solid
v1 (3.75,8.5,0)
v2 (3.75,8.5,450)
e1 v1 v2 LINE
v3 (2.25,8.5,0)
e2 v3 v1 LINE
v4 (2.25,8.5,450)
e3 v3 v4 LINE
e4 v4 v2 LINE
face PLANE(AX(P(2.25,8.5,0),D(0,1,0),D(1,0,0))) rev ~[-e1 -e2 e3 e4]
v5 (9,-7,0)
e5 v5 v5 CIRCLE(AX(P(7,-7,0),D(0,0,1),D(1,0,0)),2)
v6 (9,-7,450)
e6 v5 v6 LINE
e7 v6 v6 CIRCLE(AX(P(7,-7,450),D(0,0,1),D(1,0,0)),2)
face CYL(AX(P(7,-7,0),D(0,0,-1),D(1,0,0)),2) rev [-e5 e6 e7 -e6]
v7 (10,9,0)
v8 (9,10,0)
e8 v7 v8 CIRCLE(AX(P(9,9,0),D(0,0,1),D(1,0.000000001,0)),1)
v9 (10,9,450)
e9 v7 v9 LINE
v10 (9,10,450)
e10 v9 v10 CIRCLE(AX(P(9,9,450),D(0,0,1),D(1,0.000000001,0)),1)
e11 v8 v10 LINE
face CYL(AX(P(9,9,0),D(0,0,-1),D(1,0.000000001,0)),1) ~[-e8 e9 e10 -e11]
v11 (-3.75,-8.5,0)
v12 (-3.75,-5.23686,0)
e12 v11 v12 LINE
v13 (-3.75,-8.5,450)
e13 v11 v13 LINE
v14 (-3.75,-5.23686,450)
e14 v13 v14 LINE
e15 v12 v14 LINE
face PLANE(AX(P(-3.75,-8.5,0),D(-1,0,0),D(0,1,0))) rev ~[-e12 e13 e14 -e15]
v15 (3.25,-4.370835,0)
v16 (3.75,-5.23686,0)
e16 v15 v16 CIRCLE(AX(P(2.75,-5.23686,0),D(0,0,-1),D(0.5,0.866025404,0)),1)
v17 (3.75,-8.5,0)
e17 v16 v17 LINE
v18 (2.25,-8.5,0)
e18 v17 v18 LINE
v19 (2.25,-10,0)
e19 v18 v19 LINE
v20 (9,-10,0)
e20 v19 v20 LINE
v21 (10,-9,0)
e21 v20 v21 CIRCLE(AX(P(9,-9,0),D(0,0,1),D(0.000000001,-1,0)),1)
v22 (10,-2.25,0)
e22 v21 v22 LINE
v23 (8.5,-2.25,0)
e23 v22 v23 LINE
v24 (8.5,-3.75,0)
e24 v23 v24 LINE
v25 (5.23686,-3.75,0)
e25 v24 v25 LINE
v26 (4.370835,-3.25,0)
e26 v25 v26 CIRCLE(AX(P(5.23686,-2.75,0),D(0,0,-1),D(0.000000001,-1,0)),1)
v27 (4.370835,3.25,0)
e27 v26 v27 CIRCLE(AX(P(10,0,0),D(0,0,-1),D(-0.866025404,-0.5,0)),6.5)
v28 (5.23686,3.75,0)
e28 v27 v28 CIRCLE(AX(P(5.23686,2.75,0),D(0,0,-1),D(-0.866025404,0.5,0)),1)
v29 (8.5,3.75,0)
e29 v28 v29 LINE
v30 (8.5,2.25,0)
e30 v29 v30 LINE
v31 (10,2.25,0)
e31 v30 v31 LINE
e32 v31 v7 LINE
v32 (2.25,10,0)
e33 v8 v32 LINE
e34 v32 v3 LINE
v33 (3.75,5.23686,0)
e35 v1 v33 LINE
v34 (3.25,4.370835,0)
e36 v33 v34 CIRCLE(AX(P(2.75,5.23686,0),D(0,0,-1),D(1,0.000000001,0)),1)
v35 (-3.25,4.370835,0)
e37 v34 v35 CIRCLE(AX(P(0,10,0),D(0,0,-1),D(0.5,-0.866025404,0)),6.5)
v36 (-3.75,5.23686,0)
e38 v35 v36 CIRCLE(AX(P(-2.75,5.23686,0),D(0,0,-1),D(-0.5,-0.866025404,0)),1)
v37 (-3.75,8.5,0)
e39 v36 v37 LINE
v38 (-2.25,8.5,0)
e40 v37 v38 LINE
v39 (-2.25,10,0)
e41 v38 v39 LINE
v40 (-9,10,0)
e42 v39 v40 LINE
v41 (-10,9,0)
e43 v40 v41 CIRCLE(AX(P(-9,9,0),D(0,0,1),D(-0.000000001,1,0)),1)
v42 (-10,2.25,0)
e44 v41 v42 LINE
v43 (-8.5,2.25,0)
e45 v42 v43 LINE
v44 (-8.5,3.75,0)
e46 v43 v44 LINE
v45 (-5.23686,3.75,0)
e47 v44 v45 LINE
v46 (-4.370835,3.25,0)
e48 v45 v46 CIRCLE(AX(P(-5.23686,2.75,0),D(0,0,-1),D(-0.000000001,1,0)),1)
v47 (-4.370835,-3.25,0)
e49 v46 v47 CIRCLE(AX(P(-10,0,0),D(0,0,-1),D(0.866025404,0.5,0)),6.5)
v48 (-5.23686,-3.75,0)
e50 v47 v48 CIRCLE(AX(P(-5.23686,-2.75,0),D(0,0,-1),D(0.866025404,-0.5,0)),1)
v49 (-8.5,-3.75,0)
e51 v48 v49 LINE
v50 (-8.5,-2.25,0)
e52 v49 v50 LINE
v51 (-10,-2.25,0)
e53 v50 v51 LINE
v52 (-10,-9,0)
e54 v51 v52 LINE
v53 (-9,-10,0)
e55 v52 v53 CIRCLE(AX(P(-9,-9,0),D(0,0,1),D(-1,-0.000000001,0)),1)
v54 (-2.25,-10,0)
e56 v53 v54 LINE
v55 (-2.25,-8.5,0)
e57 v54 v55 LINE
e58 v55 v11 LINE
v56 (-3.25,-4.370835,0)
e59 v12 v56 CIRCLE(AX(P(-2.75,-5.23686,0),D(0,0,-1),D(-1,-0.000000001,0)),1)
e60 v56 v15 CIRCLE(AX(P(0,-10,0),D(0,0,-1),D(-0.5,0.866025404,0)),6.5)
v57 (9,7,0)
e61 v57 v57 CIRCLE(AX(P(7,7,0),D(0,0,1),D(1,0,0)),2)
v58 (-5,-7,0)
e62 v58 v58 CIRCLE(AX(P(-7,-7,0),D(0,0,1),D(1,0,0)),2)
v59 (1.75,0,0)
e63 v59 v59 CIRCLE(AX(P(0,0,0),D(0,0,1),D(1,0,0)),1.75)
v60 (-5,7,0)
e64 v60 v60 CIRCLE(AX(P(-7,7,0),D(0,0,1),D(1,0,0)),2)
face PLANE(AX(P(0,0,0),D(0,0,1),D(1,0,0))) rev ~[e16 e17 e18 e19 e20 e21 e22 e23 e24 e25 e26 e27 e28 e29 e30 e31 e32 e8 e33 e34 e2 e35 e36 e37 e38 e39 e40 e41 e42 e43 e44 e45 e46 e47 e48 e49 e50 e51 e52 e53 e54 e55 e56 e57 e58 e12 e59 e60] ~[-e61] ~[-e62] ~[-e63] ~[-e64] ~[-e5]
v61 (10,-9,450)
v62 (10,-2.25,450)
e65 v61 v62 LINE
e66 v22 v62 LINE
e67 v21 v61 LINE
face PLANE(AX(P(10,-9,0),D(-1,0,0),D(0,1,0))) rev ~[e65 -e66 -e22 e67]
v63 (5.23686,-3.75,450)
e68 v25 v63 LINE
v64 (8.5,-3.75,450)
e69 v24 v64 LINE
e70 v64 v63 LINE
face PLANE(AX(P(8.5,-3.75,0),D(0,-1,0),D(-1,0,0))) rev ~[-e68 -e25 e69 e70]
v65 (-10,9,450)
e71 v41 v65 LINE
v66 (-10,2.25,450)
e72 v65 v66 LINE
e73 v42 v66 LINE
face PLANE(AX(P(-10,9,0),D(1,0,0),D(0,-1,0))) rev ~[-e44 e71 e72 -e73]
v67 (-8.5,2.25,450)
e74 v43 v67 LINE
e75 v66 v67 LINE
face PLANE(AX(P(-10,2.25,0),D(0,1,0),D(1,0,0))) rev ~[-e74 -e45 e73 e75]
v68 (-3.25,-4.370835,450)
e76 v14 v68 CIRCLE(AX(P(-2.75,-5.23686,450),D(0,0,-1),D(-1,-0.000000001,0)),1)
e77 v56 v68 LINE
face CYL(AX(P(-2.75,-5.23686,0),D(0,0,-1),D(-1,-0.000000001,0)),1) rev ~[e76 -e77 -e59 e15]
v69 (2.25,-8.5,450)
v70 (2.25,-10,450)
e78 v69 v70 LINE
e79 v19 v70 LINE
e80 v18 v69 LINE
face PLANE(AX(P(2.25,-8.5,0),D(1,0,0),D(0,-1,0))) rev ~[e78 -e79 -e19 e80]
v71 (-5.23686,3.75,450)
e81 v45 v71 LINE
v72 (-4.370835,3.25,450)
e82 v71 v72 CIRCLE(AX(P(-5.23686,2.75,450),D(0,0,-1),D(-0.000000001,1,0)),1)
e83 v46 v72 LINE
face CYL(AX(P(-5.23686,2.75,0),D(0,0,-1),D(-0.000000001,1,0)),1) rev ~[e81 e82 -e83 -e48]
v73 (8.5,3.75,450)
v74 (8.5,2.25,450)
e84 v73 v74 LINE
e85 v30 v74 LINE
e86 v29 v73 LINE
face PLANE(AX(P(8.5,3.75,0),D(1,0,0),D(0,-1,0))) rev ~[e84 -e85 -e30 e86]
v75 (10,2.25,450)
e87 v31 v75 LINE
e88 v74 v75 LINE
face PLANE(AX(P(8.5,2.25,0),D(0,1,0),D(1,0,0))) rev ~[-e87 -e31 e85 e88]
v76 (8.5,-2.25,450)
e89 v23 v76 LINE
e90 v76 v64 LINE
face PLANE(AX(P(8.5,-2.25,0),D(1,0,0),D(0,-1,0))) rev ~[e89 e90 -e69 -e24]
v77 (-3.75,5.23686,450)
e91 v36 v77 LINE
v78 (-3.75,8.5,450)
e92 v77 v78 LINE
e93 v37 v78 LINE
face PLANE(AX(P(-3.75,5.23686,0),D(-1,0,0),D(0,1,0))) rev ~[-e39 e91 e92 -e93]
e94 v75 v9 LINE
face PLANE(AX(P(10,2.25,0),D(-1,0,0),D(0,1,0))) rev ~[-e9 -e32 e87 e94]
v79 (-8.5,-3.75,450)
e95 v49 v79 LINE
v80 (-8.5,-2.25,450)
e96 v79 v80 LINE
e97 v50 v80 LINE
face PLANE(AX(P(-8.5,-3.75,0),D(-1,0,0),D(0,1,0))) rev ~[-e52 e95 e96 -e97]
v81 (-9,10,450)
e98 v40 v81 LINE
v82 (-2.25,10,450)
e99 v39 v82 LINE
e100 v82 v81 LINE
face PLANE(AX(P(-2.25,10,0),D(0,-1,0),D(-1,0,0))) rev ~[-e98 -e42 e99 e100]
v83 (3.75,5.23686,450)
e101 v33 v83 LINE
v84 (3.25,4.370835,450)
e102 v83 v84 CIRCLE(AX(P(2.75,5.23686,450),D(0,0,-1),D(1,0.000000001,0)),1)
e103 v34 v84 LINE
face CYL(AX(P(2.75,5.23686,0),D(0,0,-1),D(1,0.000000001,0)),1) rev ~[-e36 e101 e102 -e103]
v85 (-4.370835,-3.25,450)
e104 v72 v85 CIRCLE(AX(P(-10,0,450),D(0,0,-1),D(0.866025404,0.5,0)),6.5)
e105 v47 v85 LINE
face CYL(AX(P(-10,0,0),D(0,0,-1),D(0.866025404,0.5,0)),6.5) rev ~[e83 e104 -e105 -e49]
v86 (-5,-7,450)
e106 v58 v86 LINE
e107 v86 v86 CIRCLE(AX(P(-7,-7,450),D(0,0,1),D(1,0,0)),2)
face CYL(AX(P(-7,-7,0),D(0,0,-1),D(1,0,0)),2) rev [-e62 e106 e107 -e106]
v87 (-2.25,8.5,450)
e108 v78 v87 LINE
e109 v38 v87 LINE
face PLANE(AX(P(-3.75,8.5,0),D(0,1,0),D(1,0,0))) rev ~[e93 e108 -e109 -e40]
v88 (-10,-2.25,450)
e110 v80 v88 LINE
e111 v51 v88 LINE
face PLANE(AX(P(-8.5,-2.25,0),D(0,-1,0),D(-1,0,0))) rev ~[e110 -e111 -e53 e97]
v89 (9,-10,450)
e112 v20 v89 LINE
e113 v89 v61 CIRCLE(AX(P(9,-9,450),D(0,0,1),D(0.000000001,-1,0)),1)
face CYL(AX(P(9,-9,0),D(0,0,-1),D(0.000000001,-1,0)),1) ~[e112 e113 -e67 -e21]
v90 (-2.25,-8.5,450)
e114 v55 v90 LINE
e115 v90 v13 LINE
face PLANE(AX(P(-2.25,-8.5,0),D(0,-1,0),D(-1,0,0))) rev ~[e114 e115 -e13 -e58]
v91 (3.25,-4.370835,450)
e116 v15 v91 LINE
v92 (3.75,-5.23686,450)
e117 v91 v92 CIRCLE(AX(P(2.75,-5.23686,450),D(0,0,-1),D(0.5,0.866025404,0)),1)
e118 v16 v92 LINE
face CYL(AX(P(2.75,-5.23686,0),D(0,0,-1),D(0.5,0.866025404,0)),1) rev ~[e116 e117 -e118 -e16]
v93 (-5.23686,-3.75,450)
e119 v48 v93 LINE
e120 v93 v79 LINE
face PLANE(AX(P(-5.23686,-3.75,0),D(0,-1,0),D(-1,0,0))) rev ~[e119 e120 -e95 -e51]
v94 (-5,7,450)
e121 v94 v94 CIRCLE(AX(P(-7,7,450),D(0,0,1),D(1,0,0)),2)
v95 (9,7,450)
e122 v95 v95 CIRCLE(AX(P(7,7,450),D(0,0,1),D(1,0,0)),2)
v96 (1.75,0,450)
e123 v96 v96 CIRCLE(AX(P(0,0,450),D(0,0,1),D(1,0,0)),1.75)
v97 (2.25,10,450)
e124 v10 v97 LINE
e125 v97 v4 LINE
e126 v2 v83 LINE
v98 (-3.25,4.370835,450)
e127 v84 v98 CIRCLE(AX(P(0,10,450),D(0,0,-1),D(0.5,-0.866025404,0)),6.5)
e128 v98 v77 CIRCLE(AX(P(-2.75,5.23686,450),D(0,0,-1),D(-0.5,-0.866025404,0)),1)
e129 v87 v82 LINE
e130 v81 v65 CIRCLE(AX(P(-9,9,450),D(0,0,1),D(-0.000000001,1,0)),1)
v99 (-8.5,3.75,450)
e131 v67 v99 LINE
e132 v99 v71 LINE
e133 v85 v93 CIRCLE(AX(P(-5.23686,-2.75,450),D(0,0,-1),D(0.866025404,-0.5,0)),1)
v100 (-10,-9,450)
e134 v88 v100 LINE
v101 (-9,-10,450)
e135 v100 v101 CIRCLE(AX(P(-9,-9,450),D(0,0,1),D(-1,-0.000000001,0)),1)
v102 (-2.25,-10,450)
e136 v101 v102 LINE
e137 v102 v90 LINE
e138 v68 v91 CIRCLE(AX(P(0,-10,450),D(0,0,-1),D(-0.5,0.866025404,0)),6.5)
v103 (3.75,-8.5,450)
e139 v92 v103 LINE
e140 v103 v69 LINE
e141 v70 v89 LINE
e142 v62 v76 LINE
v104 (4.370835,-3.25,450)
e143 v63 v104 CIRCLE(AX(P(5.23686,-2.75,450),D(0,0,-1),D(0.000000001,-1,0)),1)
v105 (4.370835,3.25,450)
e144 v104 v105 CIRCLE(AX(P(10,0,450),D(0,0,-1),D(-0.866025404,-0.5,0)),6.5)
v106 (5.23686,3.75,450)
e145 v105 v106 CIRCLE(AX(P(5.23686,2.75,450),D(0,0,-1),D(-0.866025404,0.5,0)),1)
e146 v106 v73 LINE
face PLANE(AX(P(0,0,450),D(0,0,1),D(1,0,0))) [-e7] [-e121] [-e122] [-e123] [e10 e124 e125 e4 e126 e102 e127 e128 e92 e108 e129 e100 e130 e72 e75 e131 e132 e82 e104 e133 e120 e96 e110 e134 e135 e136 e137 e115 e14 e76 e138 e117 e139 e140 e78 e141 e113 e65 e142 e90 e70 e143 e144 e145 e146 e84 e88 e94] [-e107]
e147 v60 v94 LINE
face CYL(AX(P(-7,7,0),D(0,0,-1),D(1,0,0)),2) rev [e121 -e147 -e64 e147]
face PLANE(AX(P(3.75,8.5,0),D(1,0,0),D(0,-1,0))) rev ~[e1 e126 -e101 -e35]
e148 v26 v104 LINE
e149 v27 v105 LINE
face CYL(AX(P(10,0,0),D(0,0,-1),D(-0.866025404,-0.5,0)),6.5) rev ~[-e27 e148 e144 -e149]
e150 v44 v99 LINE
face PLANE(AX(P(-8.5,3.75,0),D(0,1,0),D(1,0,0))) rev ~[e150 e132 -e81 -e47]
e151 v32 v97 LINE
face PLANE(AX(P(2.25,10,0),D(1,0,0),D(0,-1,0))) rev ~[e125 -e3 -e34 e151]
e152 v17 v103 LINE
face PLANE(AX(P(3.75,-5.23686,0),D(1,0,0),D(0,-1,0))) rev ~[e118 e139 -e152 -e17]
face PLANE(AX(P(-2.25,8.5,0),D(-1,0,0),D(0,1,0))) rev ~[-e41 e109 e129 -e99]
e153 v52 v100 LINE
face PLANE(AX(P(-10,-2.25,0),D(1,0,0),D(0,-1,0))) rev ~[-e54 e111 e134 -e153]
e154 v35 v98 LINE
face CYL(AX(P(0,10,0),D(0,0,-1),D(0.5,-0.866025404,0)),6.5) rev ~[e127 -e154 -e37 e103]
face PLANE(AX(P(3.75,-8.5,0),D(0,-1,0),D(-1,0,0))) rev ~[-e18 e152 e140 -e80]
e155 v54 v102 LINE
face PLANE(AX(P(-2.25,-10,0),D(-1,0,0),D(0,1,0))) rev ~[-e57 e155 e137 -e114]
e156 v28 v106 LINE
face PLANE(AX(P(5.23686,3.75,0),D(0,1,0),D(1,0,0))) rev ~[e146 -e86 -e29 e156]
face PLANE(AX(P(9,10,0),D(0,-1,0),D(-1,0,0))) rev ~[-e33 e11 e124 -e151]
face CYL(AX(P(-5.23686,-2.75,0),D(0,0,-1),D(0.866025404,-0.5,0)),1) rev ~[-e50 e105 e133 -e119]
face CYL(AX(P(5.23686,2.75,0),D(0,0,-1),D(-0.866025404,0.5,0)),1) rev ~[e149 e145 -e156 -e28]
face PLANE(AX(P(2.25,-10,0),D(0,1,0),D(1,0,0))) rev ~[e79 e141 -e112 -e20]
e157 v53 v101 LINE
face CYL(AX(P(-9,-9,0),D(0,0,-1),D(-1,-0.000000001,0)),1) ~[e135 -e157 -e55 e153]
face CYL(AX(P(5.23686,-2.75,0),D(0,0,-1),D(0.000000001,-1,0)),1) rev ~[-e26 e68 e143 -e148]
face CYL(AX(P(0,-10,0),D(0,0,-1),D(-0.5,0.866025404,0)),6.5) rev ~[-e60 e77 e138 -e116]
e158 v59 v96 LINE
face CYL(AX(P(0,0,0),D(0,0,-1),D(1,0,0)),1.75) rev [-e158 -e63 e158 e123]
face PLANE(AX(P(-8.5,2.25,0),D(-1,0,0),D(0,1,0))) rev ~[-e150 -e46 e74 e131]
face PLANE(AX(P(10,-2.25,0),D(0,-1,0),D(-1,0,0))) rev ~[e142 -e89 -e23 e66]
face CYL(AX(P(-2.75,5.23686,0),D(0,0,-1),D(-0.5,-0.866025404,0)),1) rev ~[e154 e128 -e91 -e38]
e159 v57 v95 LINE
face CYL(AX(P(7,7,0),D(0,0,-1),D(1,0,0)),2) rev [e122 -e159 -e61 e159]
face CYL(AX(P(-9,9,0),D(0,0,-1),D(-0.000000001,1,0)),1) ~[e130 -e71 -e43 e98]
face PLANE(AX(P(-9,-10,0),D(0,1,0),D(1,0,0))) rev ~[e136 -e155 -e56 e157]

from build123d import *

# Parameters (mm, degrees)
SKETCH1_R           = 2
SKETCH1_R_2         = 1.75
BOSS_EXTRUDE1_DEPTH = 450


with BuildPart() as part:
    # Sketch1 → Boss-Extrude1 (new body)
    with BuildSketch(Plane.XY):
        with BuildLine():
            Line((-10, 9), (-10, 2.25))
            Line((-10, 2.25), (-8.5, 2.25))
            Line((-8.5, 2.25), (-8.5, 3.75))
            Line((-8.5, 3.75), (-5.236860279, 3.75))
            ThreePointArc((-5.236860279, 3.75), (-4.736860279, 3.616025404), (-4.370834875, 3.25))
            ThreePointArc((-4.370834875, 3.25), (-3.5, 0), (-4.370834875, -3.25))
            ThreePointArc((-4.370834875, -3.25), (-4.736860279, -3.616025404), (-5.236860279, -3.75))
            Line((-5.236860279, -3.75), (-8.5, -3.75))
            Line((-8.5, -3.75), (-8.5, -2.25))
            Line((-8.5, -2.25), (-10, -2.25))
            Line((-10, -2.25), (-10, -9))
            ThreePointArc((-10, -9), (-9.707106781, -9.707106781), (-9, -10))
            Line((-9, -10), (-2.25, -10))
            Line((-2.25, -10), (-2.25, -8.5))
            Line((-2.25, -8.5), (-3.75, -8.5))
            Line((-3.75, -8.5), (-3.75, -5.236860279))
            ThreePointArc((-3.75, -5.236860279), (-3.616025404, -4.736860279), (-3.25, -4.370834875))
            ThreePointArc((-3.25, -4.370834875), (0, -3.5), (3.25, -4.370834875))
            ThreePointArc((3.25, -4.370834875), (3.616025404, -4.736860279), (3.75, -5.236860279))
            Line((3.75, -5.236860279), (3.75, -8.5))
            Line((3.75, -8.5), (2.25, -8.5))
            Line((2.25, -8.5), (2.25, -10))
            Line((2.25, -10), (9, -10))
            ThreePointArc((9, -10), (9.707106781, -9.707106781), (10, -9))
            Line((10, -9), (10, -2.25))
            Line((10, -2.25), (8.5, -2.25))
            Line((8.5, -2.25), (8.5, -3.75))
            Line((8.5, -3.75), (5.236860279, -3.75))
            ThreePointArc((5.236860279, -3.75), (4.736860279, -3.616025404), (4.370834875, -3.25))
            ThreePointArc((4.370834875, -3.25), (3.5, 0), (4.370834875, 3.25))
            ThreePointArc((4.370834875, 3.25), (4.736860279, 3.616025404), (5.236860279, 3.75))
            Line((5.236860279, 3.75), (8.5, 3.75))
            Line((8.5, 3.75), (8.5, 2.25))
            Line((8.5, 2.25), (10, 2.25))
            Line((10, 2.25), (10, 9))
            ThreePointArc((10, 9), (9.707106781, 9.707106781), (9, 10))
            Line((9, 10), (2.25, 10))
            Line((2.25, 10), (2.25, 8.5))
            Line((2.25, 8.5), (3.75, 8.5))
            Line((3.75, 8.5), (3.75, 5.236860279))
            ThreePointArc((3.75, 5.236860279), (3.616025404, 4.736860279), (3.25, 4.370834875))
            ThreePointArc((3.25, 4.370834875), (0, 3.5), (-3.25, 4.370834875))
            ThreePointArc((-3.25, 4.370834875), (-3.616025404, 4.736860279), (-3.75, 5.236860279))
            Line((-3.75, 5.236860279), (-3.75, 8.5))
            Line((-3.75, 8.5), (-2.25, 8.5))
            Line((-2.25, 8.5), (-2.25, 10))
            Line((-2.25, 10), (-9, 10))
            ThreePointArc((-9, 10), (-9.707106781, 9.707106781), (-10, 9))
        make_face()
        with Locations((-7, -7)):
            Circle(SKETCH1_R, mode=Mode.SUBTRACT)
        with Locations((7, -7)):
            Circle(SKETCH1_R, mode=Mode.SUBTRACT)
        with Locations((7, 7)):
            Circle(SKETCH1_R, mode=Mode.SUBTRACT)
        Circle(SKETCH1_R_2, mode=Mode.SUBTRACT)
        with Locations((-7, 7)):
            Circle(SKETCH1_R, mode=Mode.SUBTRACT)
    extrude(amount=BOSS_EXTRUDE1_DEPTH)


solid = part.part
